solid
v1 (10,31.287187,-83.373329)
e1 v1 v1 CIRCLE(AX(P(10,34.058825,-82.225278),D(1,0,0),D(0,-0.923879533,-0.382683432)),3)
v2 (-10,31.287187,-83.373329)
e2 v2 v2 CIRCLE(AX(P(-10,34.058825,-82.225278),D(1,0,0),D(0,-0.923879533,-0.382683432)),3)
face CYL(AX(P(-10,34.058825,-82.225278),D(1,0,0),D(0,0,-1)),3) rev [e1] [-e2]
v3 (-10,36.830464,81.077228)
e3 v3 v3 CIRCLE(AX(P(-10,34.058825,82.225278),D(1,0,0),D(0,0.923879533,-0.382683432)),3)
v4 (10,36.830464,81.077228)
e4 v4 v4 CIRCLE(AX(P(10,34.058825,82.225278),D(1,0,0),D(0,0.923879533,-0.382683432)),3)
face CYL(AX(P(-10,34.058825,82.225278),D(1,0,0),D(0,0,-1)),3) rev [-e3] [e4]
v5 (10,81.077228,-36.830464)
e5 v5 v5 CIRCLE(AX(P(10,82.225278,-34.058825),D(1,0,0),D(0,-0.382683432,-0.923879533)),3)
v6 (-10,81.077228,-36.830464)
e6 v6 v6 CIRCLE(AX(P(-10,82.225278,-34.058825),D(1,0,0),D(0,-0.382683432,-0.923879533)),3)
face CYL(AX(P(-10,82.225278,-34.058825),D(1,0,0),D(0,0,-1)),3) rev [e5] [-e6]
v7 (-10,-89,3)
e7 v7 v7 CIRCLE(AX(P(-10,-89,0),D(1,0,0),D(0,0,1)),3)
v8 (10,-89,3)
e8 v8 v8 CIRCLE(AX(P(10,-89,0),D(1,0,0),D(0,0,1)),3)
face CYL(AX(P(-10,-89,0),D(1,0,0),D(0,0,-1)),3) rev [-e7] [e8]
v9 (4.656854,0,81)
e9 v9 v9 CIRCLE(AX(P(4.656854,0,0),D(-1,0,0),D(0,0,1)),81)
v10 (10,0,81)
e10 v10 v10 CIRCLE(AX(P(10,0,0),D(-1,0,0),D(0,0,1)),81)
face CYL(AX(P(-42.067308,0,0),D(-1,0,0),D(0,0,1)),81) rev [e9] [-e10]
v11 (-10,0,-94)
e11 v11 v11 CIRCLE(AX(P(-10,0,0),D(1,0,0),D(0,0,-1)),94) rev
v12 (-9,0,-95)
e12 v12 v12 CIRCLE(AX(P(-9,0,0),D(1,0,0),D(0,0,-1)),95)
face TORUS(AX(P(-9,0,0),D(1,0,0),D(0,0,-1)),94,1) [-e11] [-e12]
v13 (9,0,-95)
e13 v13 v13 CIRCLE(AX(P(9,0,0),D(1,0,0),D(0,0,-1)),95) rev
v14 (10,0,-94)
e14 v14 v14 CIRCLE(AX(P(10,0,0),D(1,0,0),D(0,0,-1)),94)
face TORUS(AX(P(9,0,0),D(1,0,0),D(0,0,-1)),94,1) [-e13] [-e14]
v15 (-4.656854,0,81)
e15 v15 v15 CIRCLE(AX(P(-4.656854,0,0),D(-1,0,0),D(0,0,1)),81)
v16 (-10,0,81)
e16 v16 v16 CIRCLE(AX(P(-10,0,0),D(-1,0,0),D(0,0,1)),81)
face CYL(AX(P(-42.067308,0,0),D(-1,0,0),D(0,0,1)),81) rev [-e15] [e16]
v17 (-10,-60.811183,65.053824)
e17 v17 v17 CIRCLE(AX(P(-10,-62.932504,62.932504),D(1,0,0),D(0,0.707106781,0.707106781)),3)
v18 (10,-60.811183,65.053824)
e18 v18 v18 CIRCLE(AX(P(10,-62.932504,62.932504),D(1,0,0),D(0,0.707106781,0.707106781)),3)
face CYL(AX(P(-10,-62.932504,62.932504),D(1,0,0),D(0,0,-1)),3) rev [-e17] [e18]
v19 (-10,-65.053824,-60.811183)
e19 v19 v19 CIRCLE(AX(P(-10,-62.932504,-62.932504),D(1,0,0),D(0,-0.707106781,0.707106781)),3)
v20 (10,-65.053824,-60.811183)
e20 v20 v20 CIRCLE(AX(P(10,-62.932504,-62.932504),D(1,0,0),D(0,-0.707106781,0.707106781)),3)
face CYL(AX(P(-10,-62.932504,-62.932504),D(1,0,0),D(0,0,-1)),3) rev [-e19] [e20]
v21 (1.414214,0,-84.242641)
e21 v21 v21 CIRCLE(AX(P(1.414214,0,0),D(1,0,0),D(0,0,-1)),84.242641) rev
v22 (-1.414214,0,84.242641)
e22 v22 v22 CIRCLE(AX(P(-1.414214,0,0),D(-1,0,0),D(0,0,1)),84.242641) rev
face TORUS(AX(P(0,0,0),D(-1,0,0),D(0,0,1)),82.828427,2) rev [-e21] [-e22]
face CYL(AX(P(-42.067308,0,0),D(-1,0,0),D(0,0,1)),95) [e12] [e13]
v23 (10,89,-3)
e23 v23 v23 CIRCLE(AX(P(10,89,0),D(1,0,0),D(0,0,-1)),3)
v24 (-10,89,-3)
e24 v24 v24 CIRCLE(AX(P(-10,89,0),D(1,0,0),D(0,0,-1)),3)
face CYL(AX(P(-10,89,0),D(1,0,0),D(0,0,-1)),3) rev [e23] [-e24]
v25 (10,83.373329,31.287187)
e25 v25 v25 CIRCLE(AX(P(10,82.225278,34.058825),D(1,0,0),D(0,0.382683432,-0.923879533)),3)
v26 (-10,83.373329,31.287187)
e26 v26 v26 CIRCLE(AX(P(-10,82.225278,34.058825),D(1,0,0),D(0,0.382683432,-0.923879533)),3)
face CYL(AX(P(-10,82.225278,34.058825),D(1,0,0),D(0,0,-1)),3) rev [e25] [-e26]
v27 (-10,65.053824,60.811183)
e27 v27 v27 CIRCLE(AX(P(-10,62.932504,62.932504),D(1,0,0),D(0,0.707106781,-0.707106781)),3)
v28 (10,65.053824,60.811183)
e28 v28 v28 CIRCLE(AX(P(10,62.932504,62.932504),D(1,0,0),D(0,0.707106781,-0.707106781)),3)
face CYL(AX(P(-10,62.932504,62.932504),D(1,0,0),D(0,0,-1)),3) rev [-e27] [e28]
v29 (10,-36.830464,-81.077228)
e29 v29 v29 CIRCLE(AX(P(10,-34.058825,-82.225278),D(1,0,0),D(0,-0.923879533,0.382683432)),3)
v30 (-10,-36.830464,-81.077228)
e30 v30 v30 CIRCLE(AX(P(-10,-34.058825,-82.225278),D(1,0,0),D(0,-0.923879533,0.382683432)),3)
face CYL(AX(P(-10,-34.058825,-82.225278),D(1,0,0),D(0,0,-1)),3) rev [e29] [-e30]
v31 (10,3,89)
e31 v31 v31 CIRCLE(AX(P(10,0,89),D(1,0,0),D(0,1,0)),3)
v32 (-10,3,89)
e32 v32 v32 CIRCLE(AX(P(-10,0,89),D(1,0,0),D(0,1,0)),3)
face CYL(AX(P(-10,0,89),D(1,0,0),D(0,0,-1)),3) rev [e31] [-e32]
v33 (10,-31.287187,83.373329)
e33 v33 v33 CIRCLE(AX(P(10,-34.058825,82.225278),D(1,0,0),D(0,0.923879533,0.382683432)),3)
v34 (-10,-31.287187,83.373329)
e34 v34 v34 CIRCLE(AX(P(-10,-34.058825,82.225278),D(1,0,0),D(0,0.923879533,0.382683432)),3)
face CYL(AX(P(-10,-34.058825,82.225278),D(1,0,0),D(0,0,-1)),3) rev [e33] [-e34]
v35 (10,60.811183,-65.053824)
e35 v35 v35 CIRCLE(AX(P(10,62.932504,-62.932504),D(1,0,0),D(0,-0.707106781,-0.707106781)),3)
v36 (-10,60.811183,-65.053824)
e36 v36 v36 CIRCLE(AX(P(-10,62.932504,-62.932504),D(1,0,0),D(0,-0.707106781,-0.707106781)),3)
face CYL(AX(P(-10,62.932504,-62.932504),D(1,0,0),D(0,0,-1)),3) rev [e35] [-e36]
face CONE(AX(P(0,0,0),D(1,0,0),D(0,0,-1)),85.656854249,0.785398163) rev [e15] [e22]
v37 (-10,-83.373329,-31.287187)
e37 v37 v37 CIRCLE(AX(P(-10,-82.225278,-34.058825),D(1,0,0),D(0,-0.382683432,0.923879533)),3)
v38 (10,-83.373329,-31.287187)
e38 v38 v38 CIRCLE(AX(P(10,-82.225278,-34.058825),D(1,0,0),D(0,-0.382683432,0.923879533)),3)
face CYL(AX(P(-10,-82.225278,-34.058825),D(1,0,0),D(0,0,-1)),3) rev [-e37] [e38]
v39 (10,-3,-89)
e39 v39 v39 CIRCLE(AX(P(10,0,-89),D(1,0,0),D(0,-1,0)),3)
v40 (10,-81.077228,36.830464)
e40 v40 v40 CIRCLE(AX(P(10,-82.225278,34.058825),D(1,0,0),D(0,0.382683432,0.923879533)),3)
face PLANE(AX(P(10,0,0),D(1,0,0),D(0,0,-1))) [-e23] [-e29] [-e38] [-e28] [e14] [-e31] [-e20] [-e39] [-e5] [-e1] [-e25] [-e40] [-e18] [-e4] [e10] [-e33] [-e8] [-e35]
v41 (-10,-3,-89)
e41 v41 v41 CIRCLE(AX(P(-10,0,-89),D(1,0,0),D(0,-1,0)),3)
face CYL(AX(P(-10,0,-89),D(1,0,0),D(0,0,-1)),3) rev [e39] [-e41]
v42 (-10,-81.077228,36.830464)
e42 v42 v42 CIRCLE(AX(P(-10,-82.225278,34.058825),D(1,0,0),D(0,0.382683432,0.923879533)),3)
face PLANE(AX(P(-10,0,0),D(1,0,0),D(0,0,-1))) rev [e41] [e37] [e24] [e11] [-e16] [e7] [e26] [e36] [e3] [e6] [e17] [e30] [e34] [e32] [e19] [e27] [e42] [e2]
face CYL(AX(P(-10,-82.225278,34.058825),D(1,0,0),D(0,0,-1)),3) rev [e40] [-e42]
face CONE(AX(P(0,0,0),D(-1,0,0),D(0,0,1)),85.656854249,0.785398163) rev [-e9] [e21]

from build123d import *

# Parameters (mm, degrees)
FILLET1_R          = 2
SKETCH2_R          = 3
CUT_EXTRUDE1_DEPTH = 136.830777072
CIRPATTERN1_COUNT  = 16
FILLET2_R          = 1


with BuildPart() as part:
    # Sketch1 → Revolve1 (revolve)
    with BuildSketch(Plane.XY, mode=Mode.PRIVATE) as revolve1_sk:
        Polygon((-4.656854249, 81), (0, 85.656854249), (4.656854249, 81), (10, 81), (10, 95), (-10, 95), (-10, 81), align=None)
    revolve(revolve1_sk.sketch.rotate(Axis((-42.067307692, 0, 0), (1, 0, 0)), 90), axis=Axis((-42.067307692, 0, 0), (1, 0, 0)))

    # Fillet1
    fillet1_edges = [part.edges().sort_by_distance(p)[0] for p in [
        (0, 0, -85.656854249),
    ]]
    fillet(fillet1_edges, radius=FILLET1_R)

    # Sketch2 → Cut-Extrude1 (cut, through all)
    with BuildSketch(Plane(origin=(10, 0, 0), x_dir=(0, 0, -1), z_dir=(1, 0, 0))):
        with Locations((0, 89)):
            Circle(SKETCH2_R)
    cut_extrude1 = extrude(amount=-CUT_EXTRUDE1_DEPTH, mode=Mode.SUBTRACT)

    # CirPattern1: Cut-Extrude1 ×16 about axis
    cirpattern1_axis = Axis((0, 0, 0), (1, 0, 0))
    for i in range(1, CIRPATTERN1_COUNT):
        add(cut_extrude1.rotate(cirpattern1_axis, i * 360 / CIRPATTERN1_COUNT), mode=Mode.SUBTRACT)

    # Fillet2
    fillet2_edges = [part.edges().sort_by_distance(p)[0] for p in [
        (-10, 0, -95),
        (10, 0, -95),
    ]]
    fillet(fillet2_edges, radius=FILLET2_R)


solid = part.part
